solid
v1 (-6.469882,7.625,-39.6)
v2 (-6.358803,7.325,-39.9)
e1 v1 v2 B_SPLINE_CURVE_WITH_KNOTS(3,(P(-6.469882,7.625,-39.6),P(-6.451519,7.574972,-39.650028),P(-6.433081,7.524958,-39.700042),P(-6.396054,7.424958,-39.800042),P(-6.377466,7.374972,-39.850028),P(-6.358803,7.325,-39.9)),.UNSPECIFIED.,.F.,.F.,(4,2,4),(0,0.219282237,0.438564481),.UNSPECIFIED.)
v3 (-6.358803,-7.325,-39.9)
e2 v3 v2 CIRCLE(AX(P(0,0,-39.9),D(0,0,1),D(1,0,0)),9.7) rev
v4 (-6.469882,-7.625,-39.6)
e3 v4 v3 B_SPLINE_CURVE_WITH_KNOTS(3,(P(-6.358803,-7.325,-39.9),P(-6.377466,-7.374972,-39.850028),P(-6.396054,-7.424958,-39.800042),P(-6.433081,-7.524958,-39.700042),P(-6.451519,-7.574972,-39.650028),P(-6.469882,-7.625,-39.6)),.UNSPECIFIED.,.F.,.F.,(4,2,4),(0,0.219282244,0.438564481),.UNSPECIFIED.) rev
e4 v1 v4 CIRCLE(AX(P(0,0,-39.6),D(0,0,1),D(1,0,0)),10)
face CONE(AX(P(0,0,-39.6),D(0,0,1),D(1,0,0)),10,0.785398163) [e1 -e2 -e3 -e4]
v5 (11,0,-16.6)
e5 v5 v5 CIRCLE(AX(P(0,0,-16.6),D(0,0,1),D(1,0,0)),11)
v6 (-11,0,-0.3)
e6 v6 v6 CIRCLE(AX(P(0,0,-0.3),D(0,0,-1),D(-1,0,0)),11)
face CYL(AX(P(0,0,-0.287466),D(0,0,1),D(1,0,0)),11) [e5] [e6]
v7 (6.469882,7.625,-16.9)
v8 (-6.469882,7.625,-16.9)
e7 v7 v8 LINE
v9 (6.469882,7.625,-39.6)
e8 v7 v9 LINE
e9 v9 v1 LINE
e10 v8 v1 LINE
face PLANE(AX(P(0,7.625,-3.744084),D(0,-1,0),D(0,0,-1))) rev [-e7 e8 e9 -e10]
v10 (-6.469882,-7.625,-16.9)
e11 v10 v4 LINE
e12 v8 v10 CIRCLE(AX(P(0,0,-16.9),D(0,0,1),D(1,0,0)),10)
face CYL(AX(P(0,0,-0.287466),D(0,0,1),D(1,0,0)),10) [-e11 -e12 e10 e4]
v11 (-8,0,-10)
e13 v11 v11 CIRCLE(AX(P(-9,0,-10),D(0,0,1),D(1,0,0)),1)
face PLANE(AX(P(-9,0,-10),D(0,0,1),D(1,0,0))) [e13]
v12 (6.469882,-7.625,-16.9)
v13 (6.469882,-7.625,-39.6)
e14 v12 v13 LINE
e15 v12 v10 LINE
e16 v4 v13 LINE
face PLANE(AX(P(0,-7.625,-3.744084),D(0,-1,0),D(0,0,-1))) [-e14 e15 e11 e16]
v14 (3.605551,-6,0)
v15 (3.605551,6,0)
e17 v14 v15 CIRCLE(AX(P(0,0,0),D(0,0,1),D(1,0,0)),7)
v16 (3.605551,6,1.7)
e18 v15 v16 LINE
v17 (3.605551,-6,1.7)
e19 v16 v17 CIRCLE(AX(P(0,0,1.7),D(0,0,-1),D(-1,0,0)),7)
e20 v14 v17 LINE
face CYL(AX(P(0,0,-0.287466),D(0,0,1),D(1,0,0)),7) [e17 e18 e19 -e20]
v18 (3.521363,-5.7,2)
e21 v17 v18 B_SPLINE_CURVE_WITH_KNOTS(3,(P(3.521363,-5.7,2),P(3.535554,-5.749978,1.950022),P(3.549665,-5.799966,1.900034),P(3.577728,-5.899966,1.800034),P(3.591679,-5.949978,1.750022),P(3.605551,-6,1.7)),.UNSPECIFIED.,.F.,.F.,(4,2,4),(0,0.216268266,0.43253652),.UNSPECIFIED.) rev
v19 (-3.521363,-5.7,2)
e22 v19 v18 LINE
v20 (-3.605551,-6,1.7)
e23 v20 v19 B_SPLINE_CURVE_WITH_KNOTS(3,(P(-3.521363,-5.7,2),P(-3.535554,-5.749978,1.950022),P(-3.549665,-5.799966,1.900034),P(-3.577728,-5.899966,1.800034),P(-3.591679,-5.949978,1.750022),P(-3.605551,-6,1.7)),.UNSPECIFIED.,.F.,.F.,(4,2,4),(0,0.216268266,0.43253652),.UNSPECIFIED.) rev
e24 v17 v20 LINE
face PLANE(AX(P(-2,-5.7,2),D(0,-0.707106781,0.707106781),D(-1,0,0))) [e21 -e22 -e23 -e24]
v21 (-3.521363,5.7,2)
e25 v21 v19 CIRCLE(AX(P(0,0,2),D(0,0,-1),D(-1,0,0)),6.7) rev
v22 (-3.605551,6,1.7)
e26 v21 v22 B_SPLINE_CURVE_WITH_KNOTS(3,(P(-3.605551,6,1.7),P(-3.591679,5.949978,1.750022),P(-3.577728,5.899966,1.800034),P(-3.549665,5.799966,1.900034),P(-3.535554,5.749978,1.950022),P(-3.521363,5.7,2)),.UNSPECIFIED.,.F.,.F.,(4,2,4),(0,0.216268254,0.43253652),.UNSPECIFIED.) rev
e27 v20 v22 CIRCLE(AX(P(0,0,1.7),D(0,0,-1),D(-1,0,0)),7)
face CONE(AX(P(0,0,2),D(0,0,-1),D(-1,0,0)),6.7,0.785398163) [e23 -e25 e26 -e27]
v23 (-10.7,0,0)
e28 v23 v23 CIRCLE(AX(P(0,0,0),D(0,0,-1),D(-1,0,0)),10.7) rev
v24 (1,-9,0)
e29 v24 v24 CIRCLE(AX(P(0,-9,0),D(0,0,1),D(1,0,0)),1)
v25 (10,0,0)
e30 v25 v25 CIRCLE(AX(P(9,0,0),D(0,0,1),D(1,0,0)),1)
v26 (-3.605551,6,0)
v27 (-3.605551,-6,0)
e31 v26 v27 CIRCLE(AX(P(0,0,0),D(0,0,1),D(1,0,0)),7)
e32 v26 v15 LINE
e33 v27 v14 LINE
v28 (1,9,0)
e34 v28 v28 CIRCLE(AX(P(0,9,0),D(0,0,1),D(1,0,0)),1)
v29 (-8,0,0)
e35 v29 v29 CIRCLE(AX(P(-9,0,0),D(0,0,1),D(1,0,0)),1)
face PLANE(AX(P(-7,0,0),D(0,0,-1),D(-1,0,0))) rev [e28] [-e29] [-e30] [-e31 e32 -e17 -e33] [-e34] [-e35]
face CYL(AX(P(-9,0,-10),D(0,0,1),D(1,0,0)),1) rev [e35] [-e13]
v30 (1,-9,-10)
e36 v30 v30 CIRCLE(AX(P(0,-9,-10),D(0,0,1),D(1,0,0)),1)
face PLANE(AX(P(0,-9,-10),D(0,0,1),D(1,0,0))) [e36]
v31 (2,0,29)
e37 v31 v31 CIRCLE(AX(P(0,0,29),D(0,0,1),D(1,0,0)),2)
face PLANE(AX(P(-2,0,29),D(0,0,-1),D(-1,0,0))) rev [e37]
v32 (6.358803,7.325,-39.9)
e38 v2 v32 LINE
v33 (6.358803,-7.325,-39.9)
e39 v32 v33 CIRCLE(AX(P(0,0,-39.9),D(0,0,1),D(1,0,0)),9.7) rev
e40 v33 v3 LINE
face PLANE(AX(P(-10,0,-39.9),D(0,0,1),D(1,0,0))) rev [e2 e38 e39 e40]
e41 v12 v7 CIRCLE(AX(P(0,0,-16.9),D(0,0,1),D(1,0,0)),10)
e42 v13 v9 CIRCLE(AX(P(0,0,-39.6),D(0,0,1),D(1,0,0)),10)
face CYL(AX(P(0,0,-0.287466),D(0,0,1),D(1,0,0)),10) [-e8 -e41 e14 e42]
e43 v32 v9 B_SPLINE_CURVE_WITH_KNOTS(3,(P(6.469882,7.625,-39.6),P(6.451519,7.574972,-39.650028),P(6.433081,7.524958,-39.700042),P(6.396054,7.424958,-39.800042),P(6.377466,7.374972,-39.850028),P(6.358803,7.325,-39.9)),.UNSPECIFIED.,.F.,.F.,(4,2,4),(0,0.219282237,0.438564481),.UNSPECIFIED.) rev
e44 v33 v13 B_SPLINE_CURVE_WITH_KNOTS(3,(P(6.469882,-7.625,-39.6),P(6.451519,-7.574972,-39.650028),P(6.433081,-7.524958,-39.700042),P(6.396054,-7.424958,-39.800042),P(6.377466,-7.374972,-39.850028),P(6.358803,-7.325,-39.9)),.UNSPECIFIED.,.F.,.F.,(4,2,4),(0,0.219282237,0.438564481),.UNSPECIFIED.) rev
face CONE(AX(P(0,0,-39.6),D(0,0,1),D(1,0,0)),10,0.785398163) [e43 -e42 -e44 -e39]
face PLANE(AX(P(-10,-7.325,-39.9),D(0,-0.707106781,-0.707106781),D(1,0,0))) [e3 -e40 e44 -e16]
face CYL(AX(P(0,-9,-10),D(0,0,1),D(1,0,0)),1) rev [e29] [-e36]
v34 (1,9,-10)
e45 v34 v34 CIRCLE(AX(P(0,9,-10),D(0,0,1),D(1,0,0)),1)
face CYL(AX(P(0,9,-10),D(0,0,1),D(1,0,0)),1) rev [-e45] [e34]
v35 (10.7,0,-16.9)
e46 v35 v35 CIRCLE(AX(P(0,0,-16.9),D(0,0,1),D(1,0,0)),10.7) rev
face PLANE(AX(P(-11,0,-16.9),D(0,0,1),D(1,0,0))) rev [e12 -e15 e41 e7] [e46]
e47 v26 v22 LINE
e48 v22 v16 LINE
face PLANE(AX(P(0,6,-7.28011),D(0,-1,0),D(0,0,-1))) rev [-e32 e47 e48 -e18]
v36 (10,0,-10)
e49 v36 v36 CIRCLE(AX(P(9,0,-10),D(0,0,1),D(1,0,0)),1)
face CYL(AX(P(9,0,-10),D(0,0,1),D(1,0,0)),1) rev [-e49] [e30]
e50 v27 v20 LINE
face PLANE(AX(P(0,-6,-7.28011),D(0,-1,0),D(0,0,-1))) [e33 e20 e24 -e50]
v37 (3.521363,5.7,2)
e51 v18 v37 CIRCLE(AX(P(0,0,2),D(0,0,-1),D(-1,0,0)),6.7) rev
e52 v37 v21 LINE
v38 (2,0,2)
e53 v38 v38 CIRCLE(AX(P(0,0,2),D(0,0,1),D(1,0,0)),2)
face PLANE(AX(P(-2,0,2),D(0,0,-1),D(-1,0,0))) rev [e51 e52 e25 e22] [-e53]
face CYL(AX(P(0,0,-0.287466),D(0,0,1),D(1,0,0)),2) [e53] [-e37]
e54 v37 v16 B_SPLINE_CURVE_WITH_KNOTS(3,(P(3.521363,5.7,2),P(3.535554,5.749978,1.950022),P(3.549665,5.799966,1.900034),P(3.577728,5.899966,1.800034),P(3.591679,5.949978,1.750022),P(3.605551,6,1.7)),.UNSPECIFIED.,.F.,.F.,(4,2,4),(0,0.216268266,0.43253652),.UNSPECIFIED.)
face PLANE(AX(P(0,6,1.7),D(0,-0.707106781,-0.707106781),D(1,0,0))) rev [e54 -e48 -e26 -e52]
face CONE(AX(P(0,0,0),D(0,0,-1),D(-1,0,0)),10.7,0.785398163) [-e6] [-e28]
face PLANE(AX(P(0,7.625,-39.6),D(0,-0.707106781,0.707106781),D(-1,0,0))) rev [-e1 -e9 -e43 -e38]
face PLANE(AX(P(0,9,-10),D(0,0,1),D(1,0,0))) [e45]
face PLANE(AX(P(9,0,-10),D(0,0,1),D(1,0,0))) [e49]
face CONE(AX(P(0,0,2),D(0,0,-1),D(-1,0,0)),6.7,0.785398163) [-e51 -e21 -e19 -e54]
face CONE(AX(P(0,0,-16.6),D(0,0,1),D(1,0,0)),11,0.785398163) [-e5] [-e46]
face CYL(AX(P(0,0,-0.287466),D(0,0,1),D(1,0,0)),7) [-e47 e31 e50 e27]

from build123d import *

# Parameters (mm, degrees)
CUT_EXTRUDE1_DEPTH = 23
SKETCH3_R          = 1
CUT_EXTRUDE2_DEPTH = 10
CUT_EXTRUDE3_START = -2
CUT_EXTRUDE3_DEPTH = 2
CHAMFER1_SIZE      = 0.3


with BuildPart() as part:
    # Sketch1 → Revolve1 (revolve)
    with BuildSketch(Plane(origin=(0, 0, 0), x_dir=(1, 0, 0), z_dir=(0, 1, 0)), mode=Mode.PRIVATE) as revolve1_sk:
        Polygon((-2, -29), (-2, -2), (-7, -2), (-7, 0), (-11, 0), (-11, 16.9), (-10, 16.9), (-10, 39.9), (0, 39.9), (0, -29), align=None)
    revolve(revolve1_sk.sketch.rotate(Axis((0, 0, -0.287466161), (0, 0, -1)), 180), axis=Axis((0, 0, -0.287466161), (0, 0, -1)))

    # Sketch2 → Cut-Extrude1 (cut)
    with BuildSketch(Plane(origin=(0, 0, -39.9), x_dir=(-1, 0, 0), z_dir=(0, 0, -1))):
        with BuildLine():
            ThreePointArc((6.469882147, 7.625), (0, 10), (-6.469882147, 7.625))
            Line((-6.469882147, 7.625), (6.469882147, 7.625))
        make_face()
        with BuildLine():
            Line((6.469882147, -7.625), (-6.469882147, -7.625))
            ThreePointArc((-6.469882147, -7.625), (0, -10), (6.469882147, -7.625))
        make_face()
    extrude(amount=-CUT_EXTRUDE1_DEPTH, mode=Mode.SUBTRACT)

    # Sketch3 → Cut-Extrude2 (cut)
    with BuildSketch(Plane.XY):
        with Locations((0, 9)):
            Circle(SKETCH3_R)
        with Locations((9, 0)):
            Circle(SKETCH3_R)
        with Locations((0, -9)):
            Circle(SKETCH3_R)
        with Locations((-9, 0)):
            Circle(SKETCH3_R)
    extrude(amount=-CUT_EXTRUDE2_DEPTH, mode=Mode.SUBTRACT)

    # Sketch4 → Cut-Extrude3 (cut)
    with BuildSketch(Plane.XY.offset(2).offset(CUT_EXTRUDE3_START)):
        with BuildLine():
            ThreePointArc((3.605551275, 6), (0, 7), (-3.605551275, 6))
            Line((-3.605551275, 6), (3.605551275, 6))
        make_face()
        with BuildLine():
            Line((3.605551275, -6), (-3.605551275, -6))
            ThreePointArc((-3.605551275, -6), (0, -7), (3.605551275, -6))
        make_face()
    extrude(amount=CUT_EXTRUDE3_DEPTH, mode=Mode.SUBTRACT)

    # Chamfer1
    chamfer1_edges = [part.edges().sort_by_distance(p)[0] for p in [
        (-11, 0, 0),
        (-10, 0, -39.9),
        (10, 0, -39.9),
        (0, 7.625, -39.9),
        (0, -7.625, -39.9),
        (-7, 0, 2),
        (7, 0, 2),
        (0, 6, 2),
        (0, -6, 2),
        (-11, 0, -16.9),
    ]]
    chamfer(chamfer1_edges, length=CHAMFER1_SIZE)


solid = part.part
